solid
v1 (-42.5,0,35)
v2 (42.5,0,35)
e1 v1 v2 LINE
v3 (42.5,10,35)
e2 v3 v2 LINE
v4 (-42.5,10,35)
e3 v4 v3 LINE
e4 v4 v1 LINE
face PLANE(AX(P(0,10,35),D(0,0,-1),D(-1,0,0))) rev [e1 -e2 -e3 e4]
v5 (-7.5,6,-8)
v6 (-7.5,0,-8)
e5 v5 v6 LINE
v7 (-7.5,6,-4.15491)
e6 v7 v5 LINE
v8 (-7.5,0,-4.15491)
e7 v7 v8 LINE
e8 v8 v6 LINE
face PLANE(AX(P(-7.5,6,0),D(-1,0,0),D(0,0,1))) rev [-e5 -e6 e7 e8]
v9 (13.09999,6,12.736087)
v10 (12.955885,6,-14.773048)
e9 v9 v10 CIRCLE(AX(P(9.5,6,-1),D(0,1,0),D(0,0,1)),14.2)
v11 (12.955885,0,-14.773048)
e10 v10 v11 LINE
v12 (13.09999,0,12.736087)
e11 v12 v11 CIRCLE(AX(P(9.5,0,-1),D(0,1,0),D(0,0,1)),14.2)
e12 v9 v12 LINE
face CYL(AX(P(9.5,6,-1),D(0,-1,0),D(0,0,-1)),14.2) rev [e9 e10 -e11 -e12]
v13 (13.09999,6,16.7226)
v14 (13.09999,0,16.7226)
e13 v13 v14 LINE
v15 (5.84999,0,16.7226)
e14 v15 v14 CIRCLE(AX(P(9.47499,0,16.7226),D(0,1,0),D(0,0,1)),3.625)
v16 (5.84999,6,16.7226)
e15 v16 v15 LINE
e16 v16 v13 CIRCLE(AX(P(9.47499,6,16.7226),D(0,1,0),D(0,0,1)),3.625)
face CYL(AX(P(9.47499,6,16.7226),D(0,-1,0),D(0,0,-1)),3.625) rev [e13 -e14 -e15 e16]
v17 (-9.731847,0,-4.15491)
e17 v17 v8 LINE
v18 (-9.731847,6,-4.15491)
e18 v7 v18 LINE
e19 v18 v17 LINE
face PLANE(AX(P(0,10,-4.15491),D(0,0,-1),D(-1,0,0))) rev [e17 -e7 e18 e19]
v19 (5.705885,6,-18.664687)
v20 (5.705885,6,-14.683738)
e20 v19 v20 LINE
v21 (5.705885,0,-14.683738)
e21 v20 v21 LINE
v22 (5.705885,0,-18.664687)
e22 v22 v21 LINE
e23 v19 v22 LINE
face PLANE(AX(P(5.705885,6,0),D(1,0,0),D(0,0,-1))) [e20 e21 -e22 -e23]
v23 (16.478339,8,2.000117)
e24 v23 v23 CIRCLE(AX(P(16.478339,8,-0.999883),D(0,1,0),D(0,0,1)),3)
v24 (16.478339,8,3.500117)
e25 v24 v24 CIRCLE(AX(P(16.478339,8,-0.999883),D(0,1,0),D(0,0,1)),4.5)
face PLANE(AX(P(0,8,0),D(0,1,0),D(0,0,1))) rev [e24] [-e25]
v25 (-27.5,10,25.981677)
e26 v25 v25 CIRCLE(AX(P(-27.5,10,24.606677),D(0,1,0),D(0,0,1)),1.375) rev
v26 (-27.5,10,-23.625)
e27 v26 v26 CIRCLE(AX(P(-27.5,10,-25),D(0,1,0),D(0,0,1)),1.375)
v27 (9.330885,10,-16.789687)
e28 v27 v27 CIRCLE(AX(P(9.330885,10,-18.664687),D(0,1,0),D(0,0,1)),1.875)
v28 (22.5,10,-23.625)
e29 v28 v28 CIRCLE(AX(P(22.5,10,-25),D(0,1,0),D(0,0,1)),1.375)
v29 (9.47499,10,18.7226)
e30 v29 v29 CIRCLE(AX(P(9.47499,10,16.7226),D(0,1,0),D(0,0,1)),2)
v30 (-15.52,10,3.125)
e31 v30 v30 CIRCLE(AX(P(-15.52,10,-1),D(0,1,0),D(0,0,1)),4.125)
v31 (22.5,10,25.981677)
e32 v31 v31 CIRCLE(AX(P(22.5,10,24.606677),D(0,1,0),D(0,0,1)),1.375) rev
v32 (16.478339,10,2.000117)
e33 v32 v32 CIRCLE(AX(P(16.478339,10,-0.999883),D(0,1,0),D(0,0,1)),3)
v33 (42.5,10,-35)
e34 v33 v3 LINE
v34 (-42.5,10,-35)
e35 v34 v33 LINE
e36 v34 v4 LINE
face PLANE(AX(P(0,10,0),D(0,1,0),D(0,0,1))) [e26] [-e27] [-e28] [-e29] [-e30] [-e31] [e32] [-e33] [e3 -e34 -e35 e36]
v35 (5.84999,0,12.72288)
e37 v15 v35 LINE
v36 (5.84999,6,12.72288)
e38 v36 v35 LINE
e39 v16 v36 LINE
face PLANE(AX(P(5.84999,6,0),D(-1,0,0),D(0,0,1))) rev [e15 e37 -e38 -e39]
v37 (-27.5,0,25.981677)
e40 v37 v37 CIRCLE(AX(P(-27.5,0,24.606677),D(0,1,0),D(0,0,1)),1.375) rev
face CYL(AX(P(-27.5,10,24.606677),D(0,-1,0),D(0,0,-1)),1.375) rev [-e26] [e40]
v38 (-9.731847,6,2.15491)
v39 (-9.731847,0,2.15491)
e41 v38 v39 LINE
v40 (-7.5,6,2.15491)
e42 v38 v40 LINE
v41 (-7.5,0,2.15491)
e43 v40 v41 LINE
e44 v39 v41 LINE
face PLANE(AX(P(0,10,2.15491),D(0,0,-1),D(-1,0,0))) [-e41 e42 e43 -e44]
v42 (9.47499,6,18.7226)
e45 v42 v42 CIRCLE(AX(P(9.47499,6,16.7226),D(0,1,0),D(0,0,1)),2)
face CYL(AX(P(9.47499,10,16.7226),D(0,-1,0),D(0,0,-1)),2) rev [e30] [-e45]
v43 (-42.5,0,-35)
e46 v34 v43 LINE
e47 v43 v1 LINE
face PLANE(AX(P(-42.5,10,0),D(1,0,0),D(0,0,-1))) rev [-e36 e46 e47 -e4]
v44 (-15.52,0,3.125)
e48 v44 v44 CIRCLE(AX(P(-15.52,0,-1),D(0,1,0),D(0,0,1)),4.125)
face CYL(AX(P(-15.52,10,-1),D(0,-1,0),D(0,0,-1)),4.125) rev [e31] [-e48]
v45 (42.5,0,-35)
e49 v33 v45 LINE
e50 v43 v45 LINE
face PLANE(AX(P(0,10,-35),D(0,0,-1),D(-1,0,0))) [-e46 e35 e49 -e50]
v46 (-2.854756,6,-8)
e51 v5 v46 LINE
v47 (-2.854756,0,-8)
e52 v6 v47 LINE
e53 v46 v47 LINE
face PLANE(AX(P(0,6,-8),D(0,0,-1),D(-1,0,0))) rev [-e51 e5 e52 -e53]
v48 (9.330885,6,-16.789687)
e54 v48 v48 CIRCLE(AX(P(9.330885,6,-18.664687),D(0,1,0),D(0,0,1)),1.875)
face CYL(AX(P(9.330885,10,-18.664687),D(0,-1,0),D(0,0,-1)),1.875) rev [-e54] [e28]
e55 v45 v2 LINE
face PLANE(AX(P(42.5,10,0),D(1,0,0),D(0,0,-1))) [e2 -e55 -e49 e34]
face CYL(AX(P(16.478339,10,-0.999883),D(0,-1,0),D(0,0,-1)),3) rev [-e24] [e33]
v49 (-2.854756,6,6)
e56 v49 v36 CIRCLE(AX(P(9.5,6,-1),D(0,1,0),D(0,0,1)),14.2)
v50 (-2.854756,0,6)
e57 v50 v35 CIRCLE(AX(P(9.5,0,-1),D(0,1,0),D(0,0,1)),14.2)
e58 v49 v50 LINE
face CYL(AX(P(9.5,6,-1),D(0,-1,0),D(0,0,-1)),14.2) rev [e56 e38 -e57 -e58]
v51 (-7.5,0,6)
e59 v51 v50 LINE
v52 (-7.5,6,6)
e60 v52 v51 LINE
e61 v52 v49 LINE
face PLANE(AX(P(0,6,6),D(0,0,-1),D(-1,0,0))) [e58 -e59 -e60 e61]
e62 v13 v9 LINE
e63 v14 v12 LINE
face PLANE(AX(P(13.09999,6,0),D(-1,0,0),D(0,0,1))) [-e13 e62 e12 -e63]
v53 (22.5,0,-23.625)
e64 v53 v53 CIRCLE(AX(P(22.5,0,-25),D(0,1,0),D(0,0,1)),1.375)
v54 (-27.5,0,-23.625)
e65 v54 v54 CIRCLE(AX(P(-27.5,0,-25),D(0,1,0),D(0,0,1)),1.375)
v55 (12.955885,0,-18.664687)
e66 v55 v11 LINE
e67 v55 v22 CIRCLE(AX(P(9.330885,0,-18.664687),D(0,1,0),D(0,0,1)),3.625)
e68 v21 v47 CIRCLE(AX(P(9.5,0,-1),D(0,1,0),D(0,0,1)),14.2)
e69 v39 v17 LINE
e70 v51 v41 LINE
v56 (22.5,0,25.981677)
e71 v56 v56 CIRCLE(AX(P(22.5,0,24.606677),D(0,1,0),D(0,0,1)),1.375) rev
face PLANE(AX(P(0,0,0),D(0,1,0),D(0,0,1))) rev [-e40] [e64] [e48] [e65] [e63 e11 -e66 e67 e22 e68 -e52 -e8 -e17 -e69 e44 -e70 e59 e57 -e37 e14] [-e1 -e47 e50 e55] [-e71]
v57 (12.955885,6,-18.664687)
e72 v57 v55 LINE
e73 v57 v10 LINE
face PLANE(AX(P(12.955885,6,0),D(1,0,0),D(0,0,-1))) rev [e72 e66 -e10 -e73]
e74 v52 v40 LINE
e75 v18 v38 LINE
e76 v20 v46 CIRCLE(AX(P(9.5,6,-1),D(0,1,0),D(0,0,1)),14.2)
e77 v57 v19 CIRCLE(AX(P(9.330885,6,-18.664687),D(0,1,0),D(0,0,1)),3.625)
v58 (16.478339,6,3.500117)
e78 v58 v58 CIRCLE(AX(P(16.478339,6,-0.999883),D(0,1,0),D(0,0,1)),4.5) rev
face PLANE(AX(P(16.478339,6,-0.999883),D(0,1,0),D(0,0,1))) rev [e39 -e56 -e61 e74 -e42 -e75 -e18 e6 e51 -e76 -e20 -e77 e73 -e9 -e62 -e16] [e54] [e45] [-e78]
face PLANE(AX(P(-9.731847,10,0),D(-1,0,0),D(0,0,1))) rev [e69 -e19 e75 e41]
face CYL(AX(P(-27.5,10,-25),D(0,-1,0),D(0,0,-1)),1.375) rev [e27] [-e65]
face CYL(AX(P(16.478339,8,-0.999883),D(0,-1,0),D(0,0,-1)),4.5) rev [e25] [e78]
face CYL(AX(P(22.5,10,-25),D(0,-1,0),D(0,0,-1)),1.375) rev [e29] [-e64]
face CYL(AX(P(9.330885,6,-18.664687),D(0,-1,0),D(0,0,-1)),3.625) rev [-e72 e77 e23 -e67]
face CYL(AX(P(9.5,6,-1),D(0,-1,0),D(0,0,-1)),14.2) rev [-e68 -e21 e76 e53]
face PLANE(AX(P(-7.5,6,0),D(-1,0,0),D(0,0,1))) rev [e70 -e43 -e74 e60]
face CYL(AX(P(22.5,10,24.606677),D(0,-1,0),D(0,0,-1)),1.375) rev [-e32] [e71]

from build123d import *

# Parameters (mm, degrees)
SKETCH1_W           = 85
SKETCH1_H           = 70
SKETCH1_R           = 1.375
SKETCH1_R_2         = 1.875
SKETCH1_R_3         = 2
SKETCH1_W_2         = 2.231847436
SKETCH1_H_2         = 6.309819942
SKETCH1_R_4         = 4.125
SKETCH1_R_5         = 3
BOSS_EXTRUDE4_DEPTH = 10
SKETCH1_7_R         = 4.5
CUT_EXTRUDE2_DEPTH  = 6
SKETCH1_9_R         = 2
SKETCH1_9_R_2       = 1.875
SKETCH1_9_R_3       = 4.5
CUT_EXTRUDE6_DEPTH  = 6
SKETCH1_11_R        = 4.5
SKETCH1_11_R_2      = 3
CUT_EXTRUDE10_DEPTH = 8
SKETCH5_W           = 2.231847436
SKETCH5_H           = 6.309819942
BOSS_EXTRUDE5_DEPTH = 4


with BuildPart() as part:
    # Sketch1 → Boss-Extrude4 (new body)
    with BuildSketch(Plane(origin=(0, 0, 0), x_dir=(1, 0, 0), z_dir=(0, 1, 0))):
        Rectangle(SKETCH1_W, SKETCH1_H)
        with Locations((-27.5, -24.60667729)):
            Circle(SKETCH1_R, mode=Mode.SUBTRACT)
        with Locations((22.5, -24.60667729)):
            Circle(SKETCH1_R, mode=Mode.SUBTRACT)
        with Locations((-27.5, 25)):
            Circle(SKETCH1_R, mode=Mode.SUBTRACT)
        with Locations((22.5, 25)):
            Circle(SKETCH1_R, mode=Mode.SUBTRACT)
        with Locations((9.330885495, 18.664687396)):
            Circle(SKETCH1_R_2, mode=Mode.SUBTRACT)
        with Locations((9.474989645, -16.722600152)):
            Circle(SKETCH1_R_3, mode=Mode.SUBTRACT)
        with Locations((-8.615923718, 1)):
            Rectangle(SKETCH1_W_2, SKETCH1_H_2, mode=Mode.SUBTRACT)
        with Locations((-15.52, 1)):
            Circle(SKETCH1_R_4, mode=Mode.SUBTRACT)
        with Locations((16.478339488, 0.999882702)):
            Circle(SKETCH1_R_5, mode=Mode.SUBTRACT)
    extrude(amount=BOSS_EXTRUDE4_DEPTH)

    # Sketch1<7> → Cut-Extrude2 (cut)
    with BuildSketch(Plane(origin=(0, 0, 0), x_dir=(1, 0, 0), z_dir=(0, 1, 0))):
        with Locations((16.478339488, 0.999882702)):
            Circle(SKETCH1_7_R)
    extrude(amount=CUT_EXTRUDE2_DEPTH, mode=Mode.SUBTRACT)

    # Sketch1<9> → Cut-Extrude6 (cut)
    with BuildSketch(Plane(origin=(0, 0, 0), x_dir=(1, 0, 0), z_dir=(0, 1, 0))):
        with BuildLine():
            Line((12.955885495, 14.773048154), (12.955885495, 18.664687396))
            ThreePointArc((12.955885495, 18.664687396), (9.330885495, 22.289687396), (5.705885495, 18.664687396))
            Line((5.705885495, 18.664687396), (5.705885495, 14.683738346))
            ThreePointArc((5.705885495, 14.683738346), (0.761316141, 12.192649571), (-2.854756169, 8))
            Line((-2.854756169, 8), (-7.5, 8))
            Line((-7.5, 8), (-7.5, 4.154909971))
            Line((-7.5, 4.154909971), (-9.731847436, 4.154909971))
            Line((-9.731847436, 4.154909971), (-9.731847436, -2.154909971))
            Line((-9.731847436, -2.154909971), (-7.5, -2.154909971))
            Line((-7.5, -2.154909971), (-7.5, -6))
            Line((-7.5, -6), (-2.854756169, -6))
            ThreePointArc((-2.854756169, -6), (0.820287137, -10.238442268), (5.849989645, -12.722879596))
            Line((5.849989645, -12.722879596), (5.849989645, -16.722600152))
            ThreePointArc((5.849989645, -16.722600152), (9.474989645, -20.347600152), (13.099989645, -16.722600152))
            Line((13.099989645, -16.722600152), (13.099989645, -12.736086581))
            ThreePointArc((13.099989645, -12.736086581), (23.699805173, 1.074384413), (12.955885495, 14.773048154))
        make_face()
        with Locations((9.474989645, -16.722600152)):
            Circle(SKETCH1_9_R, mode=Mode.SUBTRACT)
        with Locations((9.330885495, 18.664687396)):
            Circle(SKETCH1_9_R_2, mode=Mode.SUBTRACT)
        with Locations((16.478339488, 0.999882702)):
            Circle(SKETCH1_9_R_3, mode=Mode.SUBTRACT)
    extrude(amount=CUT_EXTRUDE6_DEPTH, mode=Mode.SUBTRACT)

    # Sketch1<11> → Cut-Extrude10 (cut)
    with BuildSketch(Plane(origin=(0, 0, 0), x_dir=(1, 0, 0), z_dir=(0, 1, 0))):
        with Locations((16.478339488, 0.999882702)):
            Circle(SKETCH1_11_R)
        with Locations((16.478339488, 0.999882702)):
            Circle(SKETCH1_11_R_2, mode=Mode.SUBTRACT)
    extrude(amount=CUT_EXTRUDE10_DEPTH, mode=Mode.SUBTRACT)

    # Sketch5 → Boss-Extrude5 (add)
    with BuildSketch(Plane(origin=(0, 10, 0), x_dir=(1, 0, 0), z_dir=(0, 1, 0))):
        with Locations((-8.615923718, 1)):
            Rectangle(SKETCH5_W, SKETCH5_H)
    extrude(amount=-BOSS_EXTRUDE5_DEPTH)


solid = part.part
